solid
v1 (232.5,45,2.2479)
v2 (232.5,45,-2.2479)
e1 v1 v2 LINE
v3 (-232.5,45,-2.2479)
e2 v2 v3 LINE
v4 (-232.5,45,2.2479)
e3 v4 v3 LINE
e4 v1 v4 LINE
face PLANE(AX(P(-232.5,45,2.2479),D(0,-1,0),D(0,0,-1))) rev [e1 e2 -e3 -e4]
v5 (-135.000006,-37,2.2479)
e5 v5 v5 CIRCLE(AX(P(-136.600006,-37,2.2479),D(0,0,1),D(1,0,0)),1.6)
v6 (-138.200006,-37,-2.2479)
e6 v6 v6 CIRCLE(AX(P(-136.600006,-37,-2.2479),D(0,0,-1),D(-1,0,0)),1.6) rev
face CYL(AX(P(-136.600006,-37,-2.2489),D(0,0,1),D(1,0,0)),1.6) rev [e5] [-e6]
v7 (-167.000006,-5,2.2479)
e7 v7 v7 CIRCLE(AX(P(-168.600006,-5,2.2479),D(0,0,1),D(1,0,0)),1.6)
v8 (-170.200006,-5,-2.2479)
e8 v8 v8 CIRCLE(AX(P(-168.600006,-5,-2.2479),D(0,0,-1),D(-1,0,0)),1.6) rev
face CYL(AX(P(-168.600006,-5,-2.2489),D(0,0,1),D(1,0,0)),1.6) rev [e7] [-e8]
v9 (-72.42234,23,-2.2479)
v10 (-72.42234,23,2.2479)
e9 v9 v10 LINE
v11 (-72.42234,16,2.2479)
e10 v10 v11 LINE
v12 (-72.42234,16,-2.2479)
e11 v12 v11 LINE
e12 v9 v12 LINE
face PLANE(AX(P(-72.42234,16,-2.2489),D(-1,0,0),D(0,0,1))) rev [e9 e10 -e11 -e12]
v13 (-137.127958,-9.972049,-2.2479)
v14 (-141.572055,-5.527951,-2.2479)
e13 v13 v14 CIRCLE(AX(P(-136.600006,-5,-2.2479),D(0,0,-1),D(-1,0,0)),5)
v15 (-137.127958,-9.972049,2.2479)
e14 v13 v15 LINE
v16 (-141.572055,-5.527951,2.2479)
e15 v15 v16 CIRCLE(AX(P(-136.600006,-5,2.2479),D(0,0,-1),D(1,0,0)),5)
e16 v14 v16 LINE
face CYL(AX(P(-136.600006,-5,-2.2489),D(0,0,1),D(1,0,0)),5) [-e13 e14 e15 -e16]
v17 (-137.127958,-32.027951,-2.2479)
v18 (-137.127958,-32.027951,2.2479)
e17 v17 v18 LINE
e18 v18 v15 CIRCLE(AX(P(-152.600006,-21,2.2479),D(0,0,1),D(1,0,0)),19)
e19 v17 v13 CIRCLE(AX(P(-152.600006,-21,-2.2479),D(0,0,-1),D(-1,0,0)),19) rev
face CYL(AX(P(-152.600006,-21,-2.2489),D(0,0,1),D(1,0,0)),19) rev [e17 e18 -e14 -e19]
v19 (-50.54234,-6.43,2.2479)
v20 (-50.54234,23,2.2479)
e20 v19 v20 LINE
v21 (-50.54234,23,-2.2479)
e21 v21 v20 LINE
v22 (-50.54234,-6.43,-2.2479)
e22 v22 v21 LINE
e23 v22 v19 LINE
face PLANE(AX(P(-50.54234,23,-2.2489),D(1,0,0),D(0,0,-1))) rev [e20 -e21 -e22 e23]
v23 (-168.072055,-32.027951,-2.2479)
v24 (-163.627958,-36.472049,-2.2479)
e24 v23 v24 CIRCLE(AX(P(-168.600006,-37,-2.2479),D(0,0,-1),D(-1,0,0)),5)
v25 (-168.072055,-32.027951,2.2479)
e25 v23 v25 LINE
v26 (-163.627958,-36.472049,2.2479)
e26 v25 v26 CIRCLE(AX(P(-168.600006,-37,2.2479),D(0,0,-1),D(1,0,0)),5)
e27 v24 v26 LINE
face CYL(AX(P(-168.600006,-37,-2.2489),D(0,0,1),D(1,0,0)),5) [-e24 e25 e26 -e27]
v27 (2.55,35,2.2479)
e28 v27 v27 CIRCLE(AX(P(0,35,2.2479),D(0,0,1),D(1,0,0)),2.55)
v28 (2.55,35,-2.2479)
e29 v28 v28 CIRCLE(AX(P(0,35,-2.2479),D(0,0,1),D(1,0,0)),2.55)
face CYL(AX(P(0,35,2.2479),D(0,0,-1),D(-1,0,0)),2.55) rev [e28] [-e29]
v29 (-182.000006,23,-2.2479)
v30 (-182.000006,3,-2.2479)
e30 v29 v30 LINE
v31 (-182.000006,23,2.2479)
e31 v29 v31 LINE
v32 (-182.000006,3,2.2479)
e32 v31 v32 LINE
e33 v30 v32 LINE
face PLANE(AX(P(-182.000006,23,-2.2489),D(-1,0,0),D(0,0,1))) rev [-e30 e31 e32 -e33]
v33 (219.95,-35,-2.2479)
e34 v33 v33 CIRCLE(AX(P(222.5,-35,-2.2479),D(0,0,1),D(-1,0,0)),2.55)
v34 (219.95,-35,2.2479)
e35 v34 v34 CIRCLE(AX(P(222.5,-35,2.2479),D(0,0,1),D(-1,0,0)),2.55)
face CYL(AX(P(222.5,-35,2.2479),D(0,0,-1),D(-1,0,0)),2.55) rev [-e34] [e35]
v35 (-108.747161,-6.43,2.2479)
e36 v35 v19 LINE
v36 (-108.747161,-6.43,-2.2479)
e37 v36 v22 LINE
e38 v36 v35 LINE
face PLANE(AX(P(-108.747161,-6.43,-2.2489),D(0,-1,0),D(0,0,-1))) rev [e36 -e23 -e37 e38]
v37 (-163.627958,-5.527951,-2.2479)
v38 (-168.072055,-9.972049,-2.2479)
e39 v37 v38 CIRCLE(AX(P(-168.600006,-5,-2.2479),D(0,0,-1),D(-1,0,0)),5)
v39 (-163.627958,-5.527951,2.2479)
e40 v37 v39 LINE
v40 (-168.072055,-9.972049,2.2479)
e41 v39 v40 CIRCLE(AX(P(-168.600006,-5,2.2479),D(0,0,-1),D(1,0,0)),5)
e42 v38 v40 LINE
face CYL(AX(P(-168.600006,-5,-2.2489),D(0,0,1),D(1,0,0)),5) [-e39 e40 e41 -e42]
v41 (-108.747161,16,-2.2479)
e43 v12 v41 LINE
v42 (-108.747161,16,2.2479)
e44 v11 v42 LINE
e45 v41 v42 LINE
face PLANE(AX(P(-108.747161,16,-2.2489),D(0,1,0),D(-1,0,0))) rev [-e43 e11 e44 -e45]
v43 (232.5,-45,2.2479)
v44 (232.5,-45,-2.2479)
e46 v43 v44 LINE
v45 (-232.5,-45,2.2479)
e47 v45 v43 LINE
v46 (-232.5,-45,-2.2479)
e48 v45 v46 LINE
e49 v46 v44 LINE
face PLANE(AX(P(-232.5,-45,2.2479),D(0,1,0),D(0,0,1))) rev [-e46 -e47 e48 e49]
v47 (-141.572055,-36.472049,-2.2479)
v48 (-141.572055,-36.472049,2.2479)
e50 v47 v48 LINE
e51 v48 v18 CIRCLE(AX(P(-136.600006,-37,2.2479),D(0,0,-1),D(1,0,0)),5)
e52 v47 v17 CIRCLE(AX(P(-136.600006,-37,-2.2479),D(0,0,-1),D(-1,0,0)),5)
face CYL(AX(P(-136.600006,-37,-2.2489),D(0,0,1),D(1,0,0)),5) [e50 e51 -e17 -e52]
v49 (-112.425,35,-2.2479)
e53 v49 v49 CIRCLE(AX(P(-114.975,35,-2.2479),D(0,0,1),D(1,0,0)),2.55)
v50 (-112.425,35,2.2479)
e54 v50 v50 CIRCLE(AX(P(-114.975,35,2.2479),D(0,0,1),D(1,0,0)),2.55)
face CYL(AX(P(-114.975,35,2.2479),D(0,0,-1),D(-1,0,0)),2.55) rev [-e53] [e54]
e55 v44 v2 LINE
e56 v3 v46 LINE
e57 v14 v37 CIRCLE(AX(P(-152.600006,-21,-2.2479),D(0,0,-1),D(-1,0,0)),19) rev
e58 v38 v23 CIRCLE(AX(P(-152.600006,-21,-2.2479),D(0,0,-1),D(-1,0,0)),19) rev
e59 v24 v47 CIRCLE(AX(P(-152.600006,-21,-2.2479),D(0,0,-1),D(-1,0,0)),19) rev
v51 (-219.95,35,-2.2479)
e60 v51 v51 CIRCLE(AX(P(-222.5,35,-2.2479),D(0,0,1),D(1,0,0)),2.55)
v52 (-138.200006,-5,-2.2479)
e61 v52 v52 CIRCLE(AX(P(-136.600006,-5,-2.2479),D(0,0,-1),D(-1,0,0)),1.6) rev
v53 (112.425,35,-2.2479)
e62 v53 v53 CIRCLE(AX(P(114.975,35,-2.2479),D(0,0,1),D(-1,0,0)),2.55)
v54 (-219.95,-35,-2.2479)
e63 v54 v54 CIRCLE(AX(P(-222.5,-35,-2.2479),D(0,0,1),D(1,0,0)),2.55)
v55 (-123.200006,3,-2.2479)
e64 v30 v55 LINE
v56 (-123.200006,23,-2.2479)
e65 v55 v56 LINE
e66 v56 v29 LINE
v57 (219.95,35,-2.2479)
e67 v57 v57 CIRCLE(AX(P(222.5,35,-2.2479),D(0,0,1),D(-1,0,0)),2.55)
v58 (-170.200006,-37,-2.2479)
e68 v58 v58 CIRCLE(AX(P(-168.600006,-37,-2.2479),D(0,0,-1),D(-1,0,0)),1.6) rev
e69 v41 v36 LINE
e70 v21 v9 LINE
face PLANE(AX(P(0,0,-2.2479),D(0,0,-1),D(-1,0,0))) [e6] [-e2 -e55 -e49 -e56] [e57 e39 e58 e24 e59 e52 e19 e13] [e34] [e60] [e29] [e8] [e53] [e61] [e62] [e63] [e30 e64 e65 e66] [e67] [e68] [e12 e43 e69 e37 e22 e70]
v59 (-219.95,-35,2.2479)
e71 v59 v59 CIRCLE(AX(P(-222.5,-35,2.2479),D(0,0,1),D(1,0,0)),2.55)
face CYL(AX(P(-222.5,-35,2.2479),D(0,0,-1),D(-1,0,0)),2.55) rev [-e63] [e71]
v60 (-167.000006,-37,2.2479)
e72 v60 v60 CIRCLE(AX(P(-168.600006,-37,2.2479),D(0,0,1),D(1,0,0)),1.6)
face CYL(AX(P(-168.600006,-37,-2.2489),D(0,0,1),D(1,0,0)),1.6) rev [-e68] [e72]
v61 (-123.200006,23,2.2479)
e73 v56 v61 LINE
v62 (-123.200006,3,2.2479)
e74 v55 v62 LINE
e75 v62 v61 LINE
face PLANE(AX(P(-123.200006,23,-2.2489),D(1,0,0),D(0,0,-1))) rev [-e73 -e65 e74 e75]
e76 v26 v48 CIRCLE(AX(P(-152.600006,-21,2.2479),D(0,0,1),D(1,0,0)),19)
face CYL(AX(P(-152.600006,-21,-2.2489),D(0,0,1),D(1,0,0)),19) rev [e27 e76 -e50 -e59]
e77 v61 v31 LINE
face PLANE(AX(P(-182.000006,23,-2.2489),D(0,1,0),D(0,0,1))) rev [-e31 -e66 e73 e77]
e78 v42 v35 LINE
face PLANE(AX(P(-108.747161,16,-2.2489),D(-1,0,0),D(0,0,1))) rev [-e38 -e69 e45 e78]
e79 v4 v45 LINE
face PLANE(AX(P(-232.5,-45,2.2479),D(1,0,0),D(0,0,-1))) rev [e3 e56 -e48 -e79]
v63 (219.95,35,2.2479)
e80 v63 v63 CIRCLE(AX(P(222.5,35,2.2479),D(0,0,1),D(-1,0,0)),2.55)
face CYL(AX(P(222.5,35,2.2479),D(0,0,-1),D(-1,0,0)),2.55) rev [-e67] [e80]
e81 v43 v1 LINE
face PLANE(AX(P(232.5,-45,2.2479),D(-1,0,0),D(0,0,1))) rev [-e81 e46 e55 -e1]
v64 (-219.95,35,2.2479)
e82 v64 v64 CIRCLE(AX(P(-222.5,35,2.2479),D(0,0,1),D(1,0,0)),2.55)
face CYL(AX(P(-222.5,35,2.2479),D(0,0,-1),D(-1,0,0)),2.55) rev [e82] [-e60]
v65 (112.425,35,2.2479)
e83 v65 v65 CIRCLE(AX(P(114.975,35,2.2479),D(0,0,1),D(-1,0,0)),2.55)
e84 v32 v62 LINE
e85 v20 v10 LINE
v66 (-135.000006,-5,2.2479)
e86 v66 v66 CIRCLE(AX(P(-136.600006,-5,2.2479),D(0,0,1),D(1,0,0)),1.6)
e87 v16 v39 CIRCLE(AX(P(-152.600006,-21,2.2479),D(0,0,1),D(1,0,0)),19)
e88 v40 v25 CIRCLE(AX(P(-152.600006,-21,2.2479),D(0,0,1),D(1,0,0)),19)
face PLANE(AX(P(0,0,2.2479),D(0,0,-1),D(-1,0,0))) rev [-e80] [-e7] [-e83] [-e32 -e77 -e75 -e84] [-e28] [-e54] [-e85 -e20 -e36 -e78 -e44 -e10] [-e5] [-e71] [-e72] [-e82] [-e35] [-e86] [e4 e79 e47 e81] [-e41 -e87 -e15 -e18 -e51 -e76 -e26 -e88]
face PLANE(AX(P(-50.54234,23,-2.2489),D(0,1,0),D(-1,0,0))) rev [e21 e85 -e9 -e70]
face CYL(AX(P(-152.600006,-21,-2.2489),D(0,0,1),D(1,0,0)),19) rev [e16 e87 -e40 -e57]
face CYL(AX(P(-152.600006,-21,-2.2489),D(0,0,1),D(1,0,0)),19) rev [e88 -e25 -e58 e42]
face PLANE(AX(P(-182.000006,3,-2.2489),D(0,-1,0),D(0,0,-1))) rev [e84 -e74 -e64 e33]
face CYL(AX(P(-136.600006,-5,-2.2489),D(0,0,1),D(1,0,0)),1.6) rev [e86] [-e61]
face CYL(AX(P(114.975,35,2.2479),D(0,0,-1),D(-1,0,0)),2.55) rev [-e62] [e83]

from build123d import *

# Parameters (mm, degrees)
SKETCH1_W           = 465
SKETCH1_H           = 90
SKETCH1_R           = 2.55
BOSS_EXTRUDE1_DEPTH = 2.2479
CUT_EXTRUDE1_REACH  = 6.496
SKETCH2_R           = 1.6
SKETCH2_W           = 58.8
SKETCH2_H           = 20


with BuildPart() as part:
    # Sketch1 → Boss-Extrude1 (new body, symmetric)
    with BuildSketch(Plane.XY):
        Rectangle(SKETCH1_W, SKETCH1_H)
        with Locations((-222.5, 35)):
            Circle(SKETCH1_R, mode=Mode.SUBTRACT)
        with Locations((-222.5, -35)):
            Circle(SKETCH1_R, mode=Mode.SUBTRACT)
        with Locations((0, 35)):
            Circle(SKETCH1_R, mode=Mode.SUBTRACT)
        with Locations((-114.975, 35)):
            Circle(SKETCH1_R, mode=Mode.SUBTRACT)
        with Locations((222.5, -35)):
            Circle(SKETCH1_R, mode=Mode.SUBTRACT)
        with Locations((222.5, 35)):
            Circle(SKETCH1_R, mode=Mode.SUBTRACT)
        with Locations((114.975, 35)):
            Circle(SKETCH1_R, mode=Mode.SUBTRACT)
    extrude(amount=BOSS_EXTRUDE1_DEPTH, both=True)

    # Sketch2 → Cut-Extrude1 (cut, up to next)
    with BuildSketch(Plane.XY.offset(2.2479), mode=Mode.PRIVATE) as cut_extrude1_sk1:
        with Locations((-136.600006438, -5)):
            Circle(SKETCH2_R)
    cut_extrude1_tool1 = extrude(cut_extrude1_sk1.sketch, amount=-CUT_EXTRUDE1_REACH, mode=Mode.PRIVATE) & part.part
    add(cut_extrude1_tool1.solids().sort_by_distance((-136.600006, -5, 2.2479))[0], mode=Mode.SUBTRACT)
    # Sketch2 → Cut-Extrude1 (cut, up to next)
    with BuildSketch(Plane.XY.offset(2.2479), mode=Mode.PRIVATE) as cut_extrude1_sk2:
        with Locations((-168.600006438, -5)):
            Circle(SKETCH2_R)
    cut_extrude1_tool2 = extrude(cut_extrude1_sk2.sketch, amount=-CUT_EXTRUDE1_REACH, mode=Mode.PRIVATE) & part.part
    add(cut_extrude1_tool2.solids().sort_by_distance((-168.600006, -5, 2.2479))[0], mode=Mode.SUBTRACT)
    # Sketch2 → Cut-Extrude1 (cut, up to next)
    with BuildSketch(Plane.XY.offset(2.2479), mode=Mode.PRIVATE) as cut_extrude1_sk3:
        with Locations((-168.600006438, -37)):
            Circle(SKETCH2_R)
    cut_extrude1_tool3 = extrude(cut_extrude1_sk3.sketch, amount=-CUT_EXTRUDE1_REACH, mode=Mode.PRIVATE) & part.part
    add(cut_extrude1_tool3.solids().sort_by_distance((-168.600006, -37, 2.2479))[0], mode=Mode.SUBTRACT)
    # Sketch2 → Cut-Extrude1 (cut, up to next)
    with BuildSketch(Plane.XY.offset(2.2479), mode=Mode.PRIVATE) as cut_extrude1_sk4:
        with Locations((-136.600006438, -37)):
            Circle(SKETCH2_R)
    cut_extrude1_tool4 = extrude(cut_extrude1_sk4.sketch, amount=-CUT_EXTRUDE1_REACH, mode=Mode.PRIVATE) & part.part
    add(cut_extrude1_tool4.solids().sort_by_distance((-136.600006, -37, 2.2479))[0], mode=Mode.SUBTRACT)
    # Sketch2 → Cut-Extrude1 (cut, up to next)
    with BuildSketch(Plane.XY.offset(2.2479), mode=Mode.PRIVATE) as cut_extrude1_sk5:
        Polygon((-108.747160909, 16), (-72.422339974, 16), (-72.422339974, 23), (-50.542339974, 23), (-50.542339974, -6.43), (-108.747160909, -6.43), align=None)
    cut_extrude1_tool5 = extrude(cut_extrude1_sk5.sketch, amount=-CUT_EXTRUDE1_REACH, mode=Mode.PRIVATE) & part.part
    add(cut_extrude1_tool5.solids().sort_by_distance((-77.737733, 6.330046, 2.2479))[0], mode=Mode.SUBTRACT)
    # Sketch2 → Cut-Extrude1 (cut, up to next)
    with BuildSketch(Plane.XY.offset(2.2479), mode=Mode.PRIVATE) as cut_extrude1_sk6:
        with Locations((-152.600006438, 13)):
            Rectangle(SKETCH2_W, SKETCH2_H)
    cut_extrude1_tool6 = extrude(cut_extrude1_sk6.sketch, amount=-CUT_EXTRUDE1_REACH, mode=Mode.PRIVATE) & part.part
    add(cut_extrude1_tool6.solids().sort_by_distance((-152.600006, 13, 2.2479))[0], mode=Mode.SUBTRACT)
    # Sketch2 → Cut-Extrude1 (cut, up to next)
    with BuildSketch(Plane.XY.offset(2.2479), mode=Mode.PRIVATE) as cut_extrude1_sk7:
        with BuildLine():
            ThreePointArc((-163.627957833, -36.472048604), (-152.600006438, -40), (-141.572055042, -36.472048604))
            ThreePointArc((-141.572055042, -36.472048604), (-140.135540343, -33.464466094), (-137.127957833, -32.027951396))
            ThreePointArc((-137.127957833, -32.027951396), (-133.600006437, -21), (-137.127957833, -9.972048604))
            ThreePointArc((-137.127957833, -9.972048604), (-140.135540343, -8.535533906), (-141.572055042, -5.527951396))
            ThreePointArc((-141.572055042, -5.527951396), (-152.600006438, -2), (-163.627957833, -5.527951396))
            ThreePointArc((-163.627957833, -5.527951396), (-165.064472532, -8.535533906), (-168.072055042, -9.972048604))
            ThreePointArc((-168.072055042, -9.972048604), (-171.600006437, -21), (-168.072055042, -32.027951396))
            ThreePointArc((-168.072055042, -32.027951396), (-165.064472532, -33.464466094), (-163.627957833, -36.472048604))
        make_face()
    cut_extrude1_tool7 = extrude(cut_extrude1_sk7.sketch, amount=-CUT_EXTRUDE1_REACH, mode=Mode.PRIVATE) & part.part
    add(cut_extrude1_tool7.solids().sort_by_distance((-152.600006, -21, 2.2479))[0], mode=Mode.SUBTRACT)


solid = part.part
